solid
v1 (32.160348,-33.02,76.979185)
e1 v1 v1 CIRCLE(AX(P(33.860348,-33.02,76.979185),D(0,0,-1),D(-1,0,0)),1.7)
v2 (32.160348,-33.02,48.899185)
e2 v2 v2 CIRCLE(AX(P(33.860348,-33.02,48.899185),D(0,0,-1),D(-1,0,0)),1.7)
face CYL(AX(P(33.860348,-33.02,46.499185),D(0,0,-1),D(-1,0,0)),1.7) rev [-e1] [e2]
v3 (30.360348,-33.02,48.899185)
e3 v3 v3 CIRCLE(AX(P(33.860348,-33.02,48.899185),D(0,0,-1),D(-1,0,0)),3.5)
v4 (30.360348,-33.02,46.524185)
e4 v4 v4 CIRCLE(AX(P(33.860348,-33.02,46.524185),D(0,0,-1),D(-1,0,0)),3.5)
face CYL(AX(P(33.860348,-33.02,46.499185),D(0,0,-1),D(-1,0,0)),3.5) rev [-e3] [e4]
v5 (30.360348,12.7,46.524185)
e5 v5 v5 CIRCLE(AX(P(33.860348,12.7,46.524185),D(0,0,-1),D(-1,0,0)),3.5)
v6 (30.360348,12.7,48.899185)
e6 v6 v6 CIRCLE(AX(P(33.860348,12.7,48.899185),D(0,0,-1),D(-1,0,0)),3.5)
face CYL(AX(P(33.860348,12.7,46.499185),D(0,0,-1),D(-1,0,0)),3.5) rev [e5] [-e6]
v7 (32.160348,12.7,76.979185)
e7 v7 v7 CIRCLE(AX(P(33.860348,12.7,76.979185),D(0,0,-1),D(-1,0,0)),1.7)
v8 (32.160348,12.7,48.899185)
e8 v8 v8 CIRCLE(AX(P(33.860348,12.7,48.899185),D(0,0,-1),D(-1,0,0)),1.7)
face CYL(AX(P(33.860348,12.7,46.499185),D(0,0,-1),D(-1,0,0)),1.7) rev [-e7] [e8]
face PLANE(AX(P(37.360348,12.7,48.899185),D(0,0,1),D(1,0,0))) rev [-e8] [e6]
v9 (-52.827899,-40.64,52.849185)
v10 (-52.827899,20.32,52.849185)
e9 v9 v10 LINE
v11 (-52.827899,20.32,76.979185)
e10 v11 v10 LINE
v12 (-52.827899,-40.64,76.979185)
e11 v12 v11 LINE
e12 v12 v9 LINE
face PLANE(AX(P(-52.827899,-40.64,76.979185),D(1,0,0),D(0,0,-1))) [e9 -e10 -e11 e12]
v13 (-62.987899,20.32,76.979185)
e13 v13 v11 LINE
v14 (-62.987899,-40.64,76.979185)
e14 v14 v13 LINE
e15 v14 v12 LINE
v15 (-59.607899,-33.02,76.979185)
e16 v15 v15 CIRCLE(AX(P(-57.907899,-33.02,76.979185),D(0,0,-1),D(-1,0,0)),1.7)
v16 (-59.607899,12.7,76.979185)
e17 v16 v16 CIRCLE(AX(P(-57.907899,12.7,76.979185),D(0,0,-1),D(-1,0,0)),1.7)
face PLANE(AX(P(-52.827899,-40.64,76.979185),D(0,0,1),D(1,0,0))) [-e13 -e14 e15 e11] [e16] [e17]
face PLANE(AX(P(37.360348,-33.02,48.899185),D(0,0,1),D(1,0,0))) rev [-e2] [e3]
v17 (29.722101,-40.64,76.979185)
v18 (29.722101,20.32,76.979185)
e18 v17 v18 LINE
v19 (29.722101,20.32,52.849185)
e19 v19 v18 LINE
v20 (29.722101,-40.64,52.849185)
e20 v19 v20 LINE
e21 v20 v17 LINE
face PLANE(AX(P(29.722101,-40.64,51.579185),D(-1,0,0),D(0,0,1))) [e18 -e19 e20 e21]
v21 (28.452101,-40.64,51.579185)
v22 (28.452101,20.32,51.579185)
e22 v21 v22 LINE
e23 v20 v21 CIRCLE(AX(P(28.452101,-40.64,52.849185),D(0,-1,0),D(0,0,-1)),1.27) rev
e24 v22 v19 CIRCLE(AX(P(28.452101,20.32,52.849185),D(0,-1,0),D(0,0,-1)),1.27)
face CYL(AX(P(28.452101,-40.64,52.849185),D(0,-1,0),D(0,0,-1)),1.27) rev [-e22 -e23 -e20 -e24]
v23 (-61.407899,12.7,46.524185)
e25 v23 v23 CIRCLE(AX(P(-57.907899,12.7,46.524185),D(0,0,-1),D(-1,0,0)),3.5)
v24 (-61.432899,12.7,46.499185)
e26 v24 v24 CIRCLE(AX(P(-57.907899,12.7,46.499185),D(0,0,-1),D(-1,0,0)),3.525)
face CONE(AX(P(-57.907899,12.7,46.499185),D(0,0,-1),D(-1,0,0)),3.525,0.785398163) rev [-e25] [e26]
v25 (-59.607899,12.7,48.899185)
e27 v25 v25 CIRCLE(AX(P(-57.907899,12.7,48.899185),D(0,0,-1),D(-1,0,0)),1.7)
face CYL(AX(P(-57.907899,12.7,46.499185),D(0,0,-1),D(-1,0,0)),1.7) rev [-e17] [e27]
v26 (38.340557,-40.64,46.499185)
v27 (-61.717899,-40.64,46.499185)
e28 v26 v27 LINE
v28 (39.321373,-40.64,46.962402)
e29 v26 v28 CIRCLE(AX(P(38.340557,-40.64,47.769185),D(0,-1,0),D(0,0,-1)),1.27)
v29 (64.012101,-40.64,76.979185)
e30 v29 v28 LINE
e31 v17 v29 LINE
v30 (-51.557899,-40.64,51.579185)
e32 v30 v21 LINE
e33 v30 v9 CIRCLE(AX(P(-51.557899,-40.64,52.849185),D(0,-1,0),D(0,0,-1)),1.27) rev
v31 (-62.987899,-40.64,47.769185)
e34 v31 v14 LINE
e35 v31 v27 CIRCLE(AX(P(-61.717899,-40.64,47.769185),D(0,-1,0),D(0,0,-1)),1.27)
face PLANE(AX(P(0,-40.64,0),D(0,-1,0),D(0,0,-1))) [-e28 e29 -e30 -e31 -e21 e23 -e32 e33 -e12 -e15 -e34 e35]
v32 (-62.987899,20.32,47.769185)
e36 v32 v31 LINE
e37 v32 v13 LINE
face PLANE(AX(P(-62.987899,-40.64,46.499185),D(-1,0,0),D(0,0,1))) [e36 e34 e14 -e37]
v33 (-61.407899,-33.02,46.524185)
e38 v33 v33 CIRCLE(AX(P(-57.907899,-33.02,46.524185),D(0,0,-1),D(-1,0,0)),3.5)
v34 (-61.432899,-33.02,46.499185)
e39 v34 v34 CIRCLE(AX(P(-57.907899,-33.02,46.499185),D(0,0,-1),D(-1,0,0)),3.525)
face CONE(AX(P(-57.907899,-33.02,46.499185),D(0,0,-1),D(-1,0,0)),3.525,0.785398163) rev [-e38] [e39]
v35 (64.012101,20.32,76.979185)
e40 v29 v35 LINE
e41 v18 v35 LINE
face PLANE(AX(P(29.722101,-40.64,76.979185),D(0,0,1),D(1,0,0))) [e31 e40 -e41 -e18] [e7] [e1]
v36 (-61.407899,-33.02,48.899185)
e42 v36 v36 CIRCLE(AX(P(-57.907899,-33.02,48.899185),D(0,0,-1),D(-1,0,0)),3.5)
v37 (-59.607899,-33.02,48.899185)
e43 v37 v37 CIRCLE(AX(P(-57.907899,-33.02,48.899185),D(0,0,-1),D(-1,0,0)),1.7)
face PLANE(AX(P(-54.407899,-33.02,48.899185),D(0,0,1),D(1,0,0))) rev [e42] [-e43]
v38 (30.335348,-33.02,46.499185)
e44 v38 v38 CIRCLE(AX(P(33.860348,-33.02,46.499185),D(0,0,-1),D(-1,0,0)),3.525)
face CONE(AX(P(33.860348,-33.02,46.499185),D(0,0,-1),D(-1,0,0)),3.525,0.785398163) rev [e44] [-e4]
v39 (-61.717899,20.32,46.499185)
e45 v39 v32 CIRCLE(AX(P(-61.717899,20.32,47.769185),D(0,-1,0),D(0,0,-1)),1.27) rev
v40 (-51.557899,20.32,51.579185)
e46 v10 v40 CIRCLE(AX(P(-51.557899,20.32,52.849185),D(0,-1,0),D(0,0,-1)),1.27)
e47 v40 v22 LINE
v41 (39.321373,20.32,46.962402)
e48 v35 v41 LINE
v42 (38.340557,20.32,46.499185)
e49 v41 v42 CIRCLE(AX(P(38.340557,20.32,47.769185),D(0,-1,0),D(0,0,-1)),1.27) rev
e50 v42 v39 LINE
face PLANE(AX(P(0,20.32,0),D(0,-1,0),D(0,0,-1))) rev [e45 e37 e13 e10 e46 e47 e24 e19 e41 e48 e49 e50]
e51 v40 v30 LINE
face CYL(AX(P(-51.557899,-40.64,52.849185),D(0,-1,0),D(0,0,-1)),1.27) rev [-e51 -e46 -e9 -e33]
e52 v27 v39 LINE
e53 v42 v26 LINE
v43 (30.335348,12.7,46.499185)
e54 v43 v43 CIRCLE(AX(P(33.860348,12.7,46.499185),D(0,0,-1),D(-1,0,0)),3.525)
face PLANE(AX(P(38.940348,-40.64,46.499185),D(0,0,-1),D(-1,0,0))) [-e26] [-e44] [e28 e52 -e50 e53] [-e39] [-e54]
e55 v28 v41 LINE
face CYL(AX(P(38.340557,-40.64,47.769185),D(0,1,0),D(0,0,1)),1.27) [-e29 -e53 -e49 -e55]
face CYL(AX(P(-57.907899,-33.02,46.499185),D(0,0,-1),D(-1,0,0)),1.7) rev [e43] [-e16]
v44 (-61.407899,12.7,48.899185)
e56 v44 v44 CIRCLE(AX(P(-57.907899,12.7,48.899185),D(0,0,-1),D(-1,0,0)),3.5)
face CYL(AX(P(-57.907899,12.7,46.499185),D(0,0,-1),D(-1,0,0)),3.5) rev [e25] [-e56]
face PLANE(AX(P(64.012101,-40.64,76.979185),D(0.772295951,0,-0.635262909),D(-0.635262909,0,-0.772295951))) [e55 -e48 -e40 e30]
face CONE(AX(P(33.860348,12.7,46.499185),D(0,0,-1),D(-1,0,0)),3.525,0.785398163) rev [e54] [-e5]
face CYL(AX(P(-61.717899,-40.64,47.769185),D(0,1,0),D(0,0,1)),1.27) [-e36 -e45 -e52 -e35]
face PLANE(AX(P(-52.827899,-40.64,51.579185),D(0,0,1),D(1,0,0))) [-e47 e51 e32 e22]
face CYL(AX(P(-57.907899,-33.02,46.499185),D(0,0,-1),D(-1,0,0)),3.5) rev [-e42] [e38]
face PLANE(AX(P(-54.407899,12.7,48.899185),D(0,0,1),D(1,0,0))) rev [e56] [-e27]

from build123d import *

# Parameters (mm, degrees)
BOSS_EXTRUDE1_DEPTH                           = 20.32
BOSS_EXTRUDE1_DEPTH_BACK                      = 40.64
CBORE_FOR_M3_PAN_HEAD_MACHINE_SCREW1_AT_COUNT = 2
CBORE_FOR_M3_PAN_HEAD_MACHINE_SCREW1_AT_PITCH = 91.768246806
CBORE_FOR_M3_PAN_HEAD_MACHINE_SCREW1_2_COUNT  = 2
CBORE_FOR_M3_PAN_HEAD_MACHINE_SCREW1_2_PITCH  = 102.526725891
CBORE_FOR_M3_PAN_HEAD_MACHINE_SCREW1_3_COUNT  = 2
CBORE_FOR_M3_PAN_HEAD_MACHINE_SCREW1_3_PITCH  = 45.72
FILLET1_R                                     = 1.27


with BuildPart() as part:
    # Sketch1 → Boss-Extrude1 (new, two sides: drawn at the far end of the back side and taken through both)
    with BuildSketch(Plane(origin=(0, 0, 0), x_dir=(1, 0, 0), z_dir=(0, 1, 0)).offset(-BOSS_EXTRUDE1_DEPTH_BACK)):
        Polygon((-52.827899024, -76.979185495), (-62.987899024, -76.979185495), (-62.987899024, -46.499185495), (38.940347782, -46.499185495), (64.012100976, -76.979185495), (29.722100976, -76.979185495), (29.722100976, -51.579185495), (-52.827899024, -51.579185495), align=None)
    extrude(amount=BOSS_EXTRUDE1_DEPTH + BOSS_EXTRUDE1_DEPTH_BACK)

    # Sketch4 → CBORE for M3 Pan Head Machine Screw1 (revolve, cut)
    with BuildSketch(Plane(origin=(33.860347782, -33.02, 46.499185495), x_dir=(0, 1, 0), z_dir=(1, 0, 0))):
        Polygon((0, 0), (0, 30.48), (1.7, 30.48), (1.7, 2.4), (3.5, 2.4), (3.5, 0.025), (3.525, 0), align=None)
    cbore_for_m3_pan_head_machine_screw1 = revolve(axis=Axis((33.860347782, -33.02, 40.149185495), (0, 0, 1)), mode=Mode.SUBTRACT)

    # CBORE for M3 Pan Head Machine Screw1 at: CBORE for M3 Pan Head Machine Screw1 ×2
    with Locations(*[(-i * CBORE_FOR_M3_PAN_HEAD_MACHINE_SCREW1_AT_PITCH, 0, 0) for i in range(1, CBORE_FOR_M3_PAN_HEAD_MACHINE_SCREW1_AT_COUNT)]):
        add(cbore_for_m3_pan_head_machine_screw1, mode=Mode.SUBTRACT)

    # CBORE for M3 Pan Head Machine Screw1 2: CBORE for M3 Pan Head Machine Screw1 ×2
    with Locations(*[Vector(-0.8950665888221234, 0.4459325078689913, 0) * (i * CBORE_FOR_M3_PAN_HEAD_MACHINE_SCREW1_2_PITCH) for i in range(1, CBORE_FOR_M3_PAN_HEAD_MACHINE_SCREW1_2_COUNT)]):
        add(cbore_for_m3_pan_head_machine_screw1, mode=Mode.SUBTRACT)

    # CBORE for M3 Pan Head Machine Screw1 3: CBORE for M3 Pan Head Machine Screw1 ×2
    with Locations(*[(0, i * CBORE_FOR_M3_PAN_HEAD_MACHINE_SCREW1_3_PITCH, 0) for i in range(1, CBORE_FOR_M3_PAN_HEAD_MACHINE_SCREW1_3_COUNT)]):
        add(cbore_for_m3_pan_head_machine_screw1, mode=Mode.SUBTRACT)

    # Fillet1
    fillet1_edges = [part.edges().sort_by_distance(p)[0] for p in [
        (-62.987899024, -10.16, 46.499185495),
        (38.940347782, -10.16, 46.499185495),
        (29.722100976, -10.16, 51.579185495),
        (-52.827899024, -10.16, 51.579185495),
    ]]
    fillet(fillet1_edges, radius=FILLET1_R)


solid = part.part
